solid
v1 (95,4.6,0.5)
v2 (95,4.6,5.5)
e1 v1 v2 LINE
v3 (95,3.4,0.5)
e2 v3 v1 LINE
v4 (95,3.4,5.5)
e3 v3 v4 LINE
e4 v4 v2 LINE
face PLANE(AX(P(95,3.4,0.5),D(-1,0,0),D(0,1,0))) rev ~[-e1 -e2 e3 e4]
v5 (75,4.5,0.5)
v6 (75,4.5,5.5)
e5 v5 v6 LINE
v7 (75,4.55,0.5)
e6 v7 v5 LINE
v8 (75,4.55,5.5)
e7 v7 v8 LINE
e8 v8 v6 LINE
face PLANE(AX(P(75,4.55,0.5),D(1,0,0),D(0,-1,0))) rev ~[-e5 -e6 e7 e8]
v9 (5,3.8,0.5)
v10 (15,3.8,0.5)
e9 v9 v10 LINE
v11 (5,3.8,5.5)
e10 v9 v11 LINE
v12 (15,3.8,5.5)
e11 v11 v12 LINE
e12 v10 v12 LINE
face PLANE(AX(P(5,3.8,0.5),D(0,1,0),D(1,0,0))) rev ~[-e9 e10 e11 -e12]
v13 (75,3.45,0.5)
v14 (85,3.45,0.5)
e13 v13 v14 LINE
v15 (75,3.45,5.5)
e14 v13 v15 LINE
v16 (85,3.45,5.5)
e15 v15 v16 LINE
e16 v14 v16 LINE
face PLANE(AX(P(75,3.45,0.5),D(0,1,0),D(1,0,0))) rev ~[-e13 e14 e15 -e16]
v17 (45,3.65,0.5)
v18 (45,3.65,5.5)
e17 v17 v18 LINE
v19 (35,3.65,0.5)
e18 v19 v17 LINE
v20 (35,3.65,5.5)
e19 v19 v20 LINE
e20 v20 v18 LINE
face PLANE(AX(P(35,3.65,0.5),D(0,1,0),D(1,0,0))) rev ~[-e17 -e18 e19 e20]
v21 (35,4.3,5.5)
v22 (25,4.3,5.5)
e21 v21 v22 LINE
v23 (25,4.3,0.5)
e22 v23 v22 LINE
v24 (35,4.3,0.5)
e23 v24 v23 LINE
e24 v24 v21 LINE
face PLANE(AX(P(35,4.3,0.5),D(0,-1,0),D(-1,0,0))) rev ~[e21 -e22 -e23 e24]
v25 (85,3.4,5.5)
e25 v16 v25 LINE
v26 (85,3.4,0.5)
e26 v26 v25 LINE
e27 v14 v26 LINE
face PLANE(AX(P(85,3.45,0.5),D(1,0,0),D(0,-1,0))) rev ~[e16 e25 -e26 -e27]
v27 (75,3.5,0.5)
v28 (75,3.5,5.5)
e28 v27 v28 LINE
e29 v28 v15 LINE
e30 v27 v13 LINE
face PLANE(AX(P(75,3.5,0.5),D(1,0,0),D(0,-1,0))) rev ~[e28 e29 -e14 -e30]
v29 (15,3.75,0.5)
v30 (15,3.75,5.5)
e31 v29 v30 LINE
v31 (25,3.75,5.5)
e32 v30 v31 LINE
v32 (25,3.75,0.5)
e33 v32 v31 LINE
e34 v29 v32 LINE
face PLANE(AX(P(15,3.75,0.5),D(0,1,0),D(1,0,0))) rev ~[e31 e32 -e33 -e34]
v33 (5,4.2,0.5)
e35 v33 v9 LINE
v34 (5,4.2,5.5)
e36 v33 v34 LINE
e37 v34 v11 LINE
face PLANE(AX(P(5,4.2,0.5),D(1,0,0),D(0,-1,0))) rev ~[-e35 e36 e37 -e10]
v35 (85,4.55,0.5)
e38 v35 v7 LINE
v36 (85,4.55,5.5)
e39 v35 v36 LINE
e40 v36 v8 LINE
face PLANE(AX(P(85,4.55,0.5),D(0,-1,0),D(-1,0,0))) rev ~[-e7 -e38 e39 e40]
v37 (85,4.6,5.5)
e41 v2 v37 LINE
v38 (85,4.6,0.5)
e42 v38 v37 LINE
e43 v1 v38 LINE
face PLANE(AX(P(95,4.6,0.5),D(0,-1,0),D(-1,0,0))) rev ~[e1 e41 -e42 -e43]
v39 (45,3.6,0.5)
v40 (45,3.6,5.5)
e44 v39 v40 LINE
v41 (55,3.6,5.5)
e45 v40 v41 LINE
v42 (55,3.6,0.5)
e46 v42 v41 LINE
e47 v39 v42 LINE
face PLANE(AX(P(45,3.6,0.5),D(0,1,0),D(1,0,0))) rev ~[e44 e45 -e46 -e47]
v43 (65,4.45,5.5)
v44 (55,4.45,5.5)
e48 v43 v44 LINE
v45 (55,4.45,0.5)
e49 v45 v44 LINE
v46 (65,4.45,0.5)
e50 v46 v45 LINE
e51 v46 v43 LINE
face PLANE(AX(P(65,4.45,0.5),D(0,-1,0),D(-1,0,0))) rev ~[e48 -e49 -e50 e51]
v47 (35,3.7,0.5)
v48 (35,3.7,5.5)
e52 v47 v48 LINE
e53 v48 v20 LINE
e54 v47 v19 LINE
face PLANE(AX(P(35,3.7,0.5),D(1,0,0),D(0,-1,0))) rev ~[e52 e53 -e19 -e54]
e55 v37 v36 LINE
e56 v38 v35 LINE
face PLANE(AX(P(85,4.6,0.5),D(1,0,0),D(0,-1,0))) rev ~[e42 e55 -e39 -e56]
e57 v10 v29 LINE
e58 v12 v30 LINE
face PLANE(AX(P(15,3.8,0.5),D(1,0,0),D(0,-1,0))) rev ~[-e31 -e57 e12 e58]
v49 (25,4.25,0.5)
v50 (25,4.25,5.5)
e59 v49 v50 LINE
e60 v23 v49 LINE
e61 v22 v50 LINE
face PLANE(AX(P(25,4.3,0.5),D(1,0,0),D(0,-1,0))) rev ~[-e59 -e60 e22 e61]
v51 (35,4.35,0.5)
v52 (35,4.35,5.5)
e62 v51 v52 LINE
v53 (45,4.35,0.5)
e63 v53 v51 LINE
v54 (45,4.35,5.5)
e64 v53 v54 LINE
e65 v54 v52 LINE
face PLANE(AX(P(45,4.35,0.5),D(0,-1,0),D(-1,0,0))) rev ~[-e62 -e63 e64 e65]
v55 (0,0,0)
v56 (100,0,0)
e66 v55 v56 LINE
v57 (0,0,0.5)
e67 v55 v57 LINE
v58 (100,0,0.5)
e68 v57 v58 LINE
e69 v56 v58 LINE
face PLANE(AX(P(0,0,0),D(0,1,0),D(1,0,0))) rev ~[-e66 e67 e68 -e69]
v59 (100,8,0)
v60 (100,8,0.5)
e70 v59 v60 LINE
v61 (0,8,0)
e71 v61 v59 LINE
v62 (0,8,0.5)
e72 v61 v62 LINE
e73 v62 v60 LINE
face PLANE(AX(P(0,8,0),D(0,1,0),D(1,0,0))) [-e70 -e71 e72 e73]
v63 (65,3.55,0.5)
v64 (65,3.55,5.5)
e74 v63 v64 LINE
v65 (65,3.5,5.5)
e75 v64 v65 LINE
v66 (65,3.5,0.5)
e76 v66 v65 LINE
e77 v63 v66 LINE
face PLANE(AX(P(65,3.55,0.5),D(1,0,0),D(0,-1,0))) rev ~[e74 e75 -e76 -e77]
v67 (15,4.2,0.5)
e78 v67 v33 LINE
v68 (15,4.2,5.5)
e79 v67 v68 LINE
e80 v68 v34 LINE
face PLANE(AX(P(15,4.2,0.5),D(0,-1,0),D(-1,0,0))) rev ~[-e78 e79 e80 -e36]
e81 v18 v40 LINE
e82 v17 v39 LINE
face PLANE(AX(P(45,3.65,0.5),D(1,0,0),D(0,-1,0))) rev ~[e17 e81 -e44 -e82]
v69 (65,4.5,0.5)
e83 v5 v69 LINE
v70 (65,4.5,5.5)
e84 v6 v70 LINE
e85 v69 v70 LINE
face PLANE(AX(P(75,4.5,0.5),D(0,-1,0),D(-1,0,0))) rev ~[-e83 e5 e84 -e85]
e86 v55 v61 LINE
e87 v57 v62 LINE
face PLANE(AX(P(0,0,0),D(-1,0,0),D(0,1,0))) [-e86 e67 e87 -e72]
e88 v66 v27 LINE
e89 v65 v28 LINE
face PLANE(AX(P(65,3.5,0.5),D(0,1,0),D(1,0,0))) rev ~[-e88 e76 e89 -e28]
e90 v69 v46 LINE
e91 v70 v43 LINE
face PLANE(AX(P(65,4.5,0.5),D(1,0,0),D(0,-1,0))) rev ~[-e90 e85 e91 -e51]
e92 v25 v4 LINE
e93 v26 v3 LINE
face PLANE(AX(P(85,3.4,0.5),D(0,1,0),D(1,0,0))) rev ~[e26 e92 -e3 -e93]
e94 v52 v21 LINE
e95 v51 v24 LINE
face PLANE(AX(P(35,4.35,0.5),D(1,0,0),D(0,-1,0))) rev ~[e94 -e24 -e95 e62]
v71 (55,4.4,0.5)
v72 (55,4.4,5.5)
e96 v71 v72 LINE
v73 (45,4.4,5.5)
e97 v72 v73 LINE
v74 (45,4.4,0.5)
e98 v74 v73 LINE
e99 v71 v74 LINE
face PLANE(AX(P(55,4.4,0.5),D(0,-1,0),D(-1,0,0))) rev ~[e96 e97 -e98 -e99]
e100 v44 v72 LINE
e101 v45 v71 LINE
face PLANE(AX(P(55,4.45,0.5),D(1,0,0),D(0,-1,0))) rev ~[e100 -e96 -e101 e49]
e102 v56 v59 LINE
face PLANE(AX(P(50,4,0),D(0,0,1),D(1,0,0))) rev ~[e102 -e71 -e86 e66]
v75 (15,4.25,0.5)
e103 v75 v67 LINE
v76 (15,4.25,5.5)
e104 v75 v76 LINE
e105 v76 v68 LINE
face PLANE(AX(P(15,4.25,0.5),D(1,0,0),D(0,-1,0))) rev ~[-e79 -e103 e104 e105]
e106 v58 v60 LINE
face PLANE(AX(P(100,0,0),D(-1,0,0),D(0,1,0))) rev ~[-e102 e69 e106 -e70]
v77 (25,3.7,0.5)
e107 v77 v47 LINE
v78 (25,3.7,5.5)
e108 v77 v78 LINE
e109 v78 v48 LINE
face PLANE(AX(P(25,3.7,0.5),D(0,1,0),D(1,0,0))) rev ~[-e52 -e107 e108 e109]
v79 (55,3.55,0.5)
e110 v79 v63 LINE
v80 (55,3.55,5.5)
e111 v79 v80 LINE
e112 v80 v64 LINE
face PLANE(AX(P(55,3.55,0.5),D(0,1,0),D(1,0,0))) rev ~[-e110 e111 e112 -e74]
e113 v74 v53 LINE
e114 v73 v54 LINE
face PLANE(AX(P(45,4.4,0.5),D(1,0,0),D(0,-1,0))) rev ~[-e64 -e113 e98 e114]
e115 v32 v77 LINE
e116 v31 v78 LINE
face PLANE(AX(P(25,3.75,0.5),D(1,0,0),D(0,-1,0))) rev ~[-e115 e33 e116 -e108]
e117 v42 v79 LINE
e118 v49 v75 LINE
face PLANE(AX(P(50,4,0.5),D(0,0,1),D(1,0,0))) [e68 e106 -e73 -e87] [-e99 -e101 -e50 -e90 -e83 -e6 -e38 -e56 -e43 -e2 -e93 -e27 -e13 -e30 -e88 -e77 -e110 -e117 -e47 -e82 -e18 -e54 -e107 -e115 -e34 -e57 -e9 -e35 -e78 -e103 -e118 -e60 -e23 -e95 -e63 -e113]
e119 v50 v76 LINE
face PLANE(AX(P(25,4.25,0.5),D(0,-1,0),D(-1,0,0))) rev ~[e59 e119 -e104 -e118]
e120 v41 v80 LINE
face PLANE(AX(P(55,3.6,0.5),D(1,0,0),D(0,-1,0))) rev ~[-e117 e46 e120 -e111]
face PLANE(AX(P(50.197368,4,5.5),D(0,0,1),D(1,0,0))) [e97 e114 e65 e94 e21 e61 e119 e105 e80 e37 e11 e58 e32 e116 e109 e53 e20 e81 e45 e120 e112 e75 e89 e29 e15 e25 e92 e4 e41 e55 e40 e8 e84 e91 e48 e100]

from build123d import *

# Parameters (mm, degrees)
SKETCH_W     = 100
SKETCH_H     = 8
PAD_DEPTH    = 0.5
PAD001_DEPTH = 5


with BuildPart() as part:
    # Sketch → Pad (new body)
    with BuildSketch(Plane.XY):
        with Locations((50, 4)):
            Rectangle(SKETCH_W, SKETCH_H)
    extrude(amount=PAD_DEPTH)

    # Sketch001 (on Face6 of Pad) → Pad001 (join)
    with BuildSketch(Plane.XY.offset(0.5)):
        Polygon((5, 4.2), (5, 3.8), (15, 3.8), (15, 3.75), (25, 3.75), (25, 3.7), (35, 3.7), (35, 3.65), (45, 3.65), (45, 3.6), (55, 3.6), (55, 3.55), (65, 3.55), (65, 3.5), (75, 3.5), (75, 3.45), (85, 3.45), (85, 3.4), (95, 3.4), (95, 4.6), (85, 4.6), (85, 4.55), (75, 4.55), (75, 4.5), (65, 4.5), (65, 4.45), (55, 4.45), (55, 4.4), (45, 4.4), (45, 4.35), (35, 4.35), (35, 4.3), (25, 4.3), (25, 4.25), (15, 4.25), (15, 4.2), align=None)
    extrude(amount=PAD001_DEPTH)


solid = part.part
